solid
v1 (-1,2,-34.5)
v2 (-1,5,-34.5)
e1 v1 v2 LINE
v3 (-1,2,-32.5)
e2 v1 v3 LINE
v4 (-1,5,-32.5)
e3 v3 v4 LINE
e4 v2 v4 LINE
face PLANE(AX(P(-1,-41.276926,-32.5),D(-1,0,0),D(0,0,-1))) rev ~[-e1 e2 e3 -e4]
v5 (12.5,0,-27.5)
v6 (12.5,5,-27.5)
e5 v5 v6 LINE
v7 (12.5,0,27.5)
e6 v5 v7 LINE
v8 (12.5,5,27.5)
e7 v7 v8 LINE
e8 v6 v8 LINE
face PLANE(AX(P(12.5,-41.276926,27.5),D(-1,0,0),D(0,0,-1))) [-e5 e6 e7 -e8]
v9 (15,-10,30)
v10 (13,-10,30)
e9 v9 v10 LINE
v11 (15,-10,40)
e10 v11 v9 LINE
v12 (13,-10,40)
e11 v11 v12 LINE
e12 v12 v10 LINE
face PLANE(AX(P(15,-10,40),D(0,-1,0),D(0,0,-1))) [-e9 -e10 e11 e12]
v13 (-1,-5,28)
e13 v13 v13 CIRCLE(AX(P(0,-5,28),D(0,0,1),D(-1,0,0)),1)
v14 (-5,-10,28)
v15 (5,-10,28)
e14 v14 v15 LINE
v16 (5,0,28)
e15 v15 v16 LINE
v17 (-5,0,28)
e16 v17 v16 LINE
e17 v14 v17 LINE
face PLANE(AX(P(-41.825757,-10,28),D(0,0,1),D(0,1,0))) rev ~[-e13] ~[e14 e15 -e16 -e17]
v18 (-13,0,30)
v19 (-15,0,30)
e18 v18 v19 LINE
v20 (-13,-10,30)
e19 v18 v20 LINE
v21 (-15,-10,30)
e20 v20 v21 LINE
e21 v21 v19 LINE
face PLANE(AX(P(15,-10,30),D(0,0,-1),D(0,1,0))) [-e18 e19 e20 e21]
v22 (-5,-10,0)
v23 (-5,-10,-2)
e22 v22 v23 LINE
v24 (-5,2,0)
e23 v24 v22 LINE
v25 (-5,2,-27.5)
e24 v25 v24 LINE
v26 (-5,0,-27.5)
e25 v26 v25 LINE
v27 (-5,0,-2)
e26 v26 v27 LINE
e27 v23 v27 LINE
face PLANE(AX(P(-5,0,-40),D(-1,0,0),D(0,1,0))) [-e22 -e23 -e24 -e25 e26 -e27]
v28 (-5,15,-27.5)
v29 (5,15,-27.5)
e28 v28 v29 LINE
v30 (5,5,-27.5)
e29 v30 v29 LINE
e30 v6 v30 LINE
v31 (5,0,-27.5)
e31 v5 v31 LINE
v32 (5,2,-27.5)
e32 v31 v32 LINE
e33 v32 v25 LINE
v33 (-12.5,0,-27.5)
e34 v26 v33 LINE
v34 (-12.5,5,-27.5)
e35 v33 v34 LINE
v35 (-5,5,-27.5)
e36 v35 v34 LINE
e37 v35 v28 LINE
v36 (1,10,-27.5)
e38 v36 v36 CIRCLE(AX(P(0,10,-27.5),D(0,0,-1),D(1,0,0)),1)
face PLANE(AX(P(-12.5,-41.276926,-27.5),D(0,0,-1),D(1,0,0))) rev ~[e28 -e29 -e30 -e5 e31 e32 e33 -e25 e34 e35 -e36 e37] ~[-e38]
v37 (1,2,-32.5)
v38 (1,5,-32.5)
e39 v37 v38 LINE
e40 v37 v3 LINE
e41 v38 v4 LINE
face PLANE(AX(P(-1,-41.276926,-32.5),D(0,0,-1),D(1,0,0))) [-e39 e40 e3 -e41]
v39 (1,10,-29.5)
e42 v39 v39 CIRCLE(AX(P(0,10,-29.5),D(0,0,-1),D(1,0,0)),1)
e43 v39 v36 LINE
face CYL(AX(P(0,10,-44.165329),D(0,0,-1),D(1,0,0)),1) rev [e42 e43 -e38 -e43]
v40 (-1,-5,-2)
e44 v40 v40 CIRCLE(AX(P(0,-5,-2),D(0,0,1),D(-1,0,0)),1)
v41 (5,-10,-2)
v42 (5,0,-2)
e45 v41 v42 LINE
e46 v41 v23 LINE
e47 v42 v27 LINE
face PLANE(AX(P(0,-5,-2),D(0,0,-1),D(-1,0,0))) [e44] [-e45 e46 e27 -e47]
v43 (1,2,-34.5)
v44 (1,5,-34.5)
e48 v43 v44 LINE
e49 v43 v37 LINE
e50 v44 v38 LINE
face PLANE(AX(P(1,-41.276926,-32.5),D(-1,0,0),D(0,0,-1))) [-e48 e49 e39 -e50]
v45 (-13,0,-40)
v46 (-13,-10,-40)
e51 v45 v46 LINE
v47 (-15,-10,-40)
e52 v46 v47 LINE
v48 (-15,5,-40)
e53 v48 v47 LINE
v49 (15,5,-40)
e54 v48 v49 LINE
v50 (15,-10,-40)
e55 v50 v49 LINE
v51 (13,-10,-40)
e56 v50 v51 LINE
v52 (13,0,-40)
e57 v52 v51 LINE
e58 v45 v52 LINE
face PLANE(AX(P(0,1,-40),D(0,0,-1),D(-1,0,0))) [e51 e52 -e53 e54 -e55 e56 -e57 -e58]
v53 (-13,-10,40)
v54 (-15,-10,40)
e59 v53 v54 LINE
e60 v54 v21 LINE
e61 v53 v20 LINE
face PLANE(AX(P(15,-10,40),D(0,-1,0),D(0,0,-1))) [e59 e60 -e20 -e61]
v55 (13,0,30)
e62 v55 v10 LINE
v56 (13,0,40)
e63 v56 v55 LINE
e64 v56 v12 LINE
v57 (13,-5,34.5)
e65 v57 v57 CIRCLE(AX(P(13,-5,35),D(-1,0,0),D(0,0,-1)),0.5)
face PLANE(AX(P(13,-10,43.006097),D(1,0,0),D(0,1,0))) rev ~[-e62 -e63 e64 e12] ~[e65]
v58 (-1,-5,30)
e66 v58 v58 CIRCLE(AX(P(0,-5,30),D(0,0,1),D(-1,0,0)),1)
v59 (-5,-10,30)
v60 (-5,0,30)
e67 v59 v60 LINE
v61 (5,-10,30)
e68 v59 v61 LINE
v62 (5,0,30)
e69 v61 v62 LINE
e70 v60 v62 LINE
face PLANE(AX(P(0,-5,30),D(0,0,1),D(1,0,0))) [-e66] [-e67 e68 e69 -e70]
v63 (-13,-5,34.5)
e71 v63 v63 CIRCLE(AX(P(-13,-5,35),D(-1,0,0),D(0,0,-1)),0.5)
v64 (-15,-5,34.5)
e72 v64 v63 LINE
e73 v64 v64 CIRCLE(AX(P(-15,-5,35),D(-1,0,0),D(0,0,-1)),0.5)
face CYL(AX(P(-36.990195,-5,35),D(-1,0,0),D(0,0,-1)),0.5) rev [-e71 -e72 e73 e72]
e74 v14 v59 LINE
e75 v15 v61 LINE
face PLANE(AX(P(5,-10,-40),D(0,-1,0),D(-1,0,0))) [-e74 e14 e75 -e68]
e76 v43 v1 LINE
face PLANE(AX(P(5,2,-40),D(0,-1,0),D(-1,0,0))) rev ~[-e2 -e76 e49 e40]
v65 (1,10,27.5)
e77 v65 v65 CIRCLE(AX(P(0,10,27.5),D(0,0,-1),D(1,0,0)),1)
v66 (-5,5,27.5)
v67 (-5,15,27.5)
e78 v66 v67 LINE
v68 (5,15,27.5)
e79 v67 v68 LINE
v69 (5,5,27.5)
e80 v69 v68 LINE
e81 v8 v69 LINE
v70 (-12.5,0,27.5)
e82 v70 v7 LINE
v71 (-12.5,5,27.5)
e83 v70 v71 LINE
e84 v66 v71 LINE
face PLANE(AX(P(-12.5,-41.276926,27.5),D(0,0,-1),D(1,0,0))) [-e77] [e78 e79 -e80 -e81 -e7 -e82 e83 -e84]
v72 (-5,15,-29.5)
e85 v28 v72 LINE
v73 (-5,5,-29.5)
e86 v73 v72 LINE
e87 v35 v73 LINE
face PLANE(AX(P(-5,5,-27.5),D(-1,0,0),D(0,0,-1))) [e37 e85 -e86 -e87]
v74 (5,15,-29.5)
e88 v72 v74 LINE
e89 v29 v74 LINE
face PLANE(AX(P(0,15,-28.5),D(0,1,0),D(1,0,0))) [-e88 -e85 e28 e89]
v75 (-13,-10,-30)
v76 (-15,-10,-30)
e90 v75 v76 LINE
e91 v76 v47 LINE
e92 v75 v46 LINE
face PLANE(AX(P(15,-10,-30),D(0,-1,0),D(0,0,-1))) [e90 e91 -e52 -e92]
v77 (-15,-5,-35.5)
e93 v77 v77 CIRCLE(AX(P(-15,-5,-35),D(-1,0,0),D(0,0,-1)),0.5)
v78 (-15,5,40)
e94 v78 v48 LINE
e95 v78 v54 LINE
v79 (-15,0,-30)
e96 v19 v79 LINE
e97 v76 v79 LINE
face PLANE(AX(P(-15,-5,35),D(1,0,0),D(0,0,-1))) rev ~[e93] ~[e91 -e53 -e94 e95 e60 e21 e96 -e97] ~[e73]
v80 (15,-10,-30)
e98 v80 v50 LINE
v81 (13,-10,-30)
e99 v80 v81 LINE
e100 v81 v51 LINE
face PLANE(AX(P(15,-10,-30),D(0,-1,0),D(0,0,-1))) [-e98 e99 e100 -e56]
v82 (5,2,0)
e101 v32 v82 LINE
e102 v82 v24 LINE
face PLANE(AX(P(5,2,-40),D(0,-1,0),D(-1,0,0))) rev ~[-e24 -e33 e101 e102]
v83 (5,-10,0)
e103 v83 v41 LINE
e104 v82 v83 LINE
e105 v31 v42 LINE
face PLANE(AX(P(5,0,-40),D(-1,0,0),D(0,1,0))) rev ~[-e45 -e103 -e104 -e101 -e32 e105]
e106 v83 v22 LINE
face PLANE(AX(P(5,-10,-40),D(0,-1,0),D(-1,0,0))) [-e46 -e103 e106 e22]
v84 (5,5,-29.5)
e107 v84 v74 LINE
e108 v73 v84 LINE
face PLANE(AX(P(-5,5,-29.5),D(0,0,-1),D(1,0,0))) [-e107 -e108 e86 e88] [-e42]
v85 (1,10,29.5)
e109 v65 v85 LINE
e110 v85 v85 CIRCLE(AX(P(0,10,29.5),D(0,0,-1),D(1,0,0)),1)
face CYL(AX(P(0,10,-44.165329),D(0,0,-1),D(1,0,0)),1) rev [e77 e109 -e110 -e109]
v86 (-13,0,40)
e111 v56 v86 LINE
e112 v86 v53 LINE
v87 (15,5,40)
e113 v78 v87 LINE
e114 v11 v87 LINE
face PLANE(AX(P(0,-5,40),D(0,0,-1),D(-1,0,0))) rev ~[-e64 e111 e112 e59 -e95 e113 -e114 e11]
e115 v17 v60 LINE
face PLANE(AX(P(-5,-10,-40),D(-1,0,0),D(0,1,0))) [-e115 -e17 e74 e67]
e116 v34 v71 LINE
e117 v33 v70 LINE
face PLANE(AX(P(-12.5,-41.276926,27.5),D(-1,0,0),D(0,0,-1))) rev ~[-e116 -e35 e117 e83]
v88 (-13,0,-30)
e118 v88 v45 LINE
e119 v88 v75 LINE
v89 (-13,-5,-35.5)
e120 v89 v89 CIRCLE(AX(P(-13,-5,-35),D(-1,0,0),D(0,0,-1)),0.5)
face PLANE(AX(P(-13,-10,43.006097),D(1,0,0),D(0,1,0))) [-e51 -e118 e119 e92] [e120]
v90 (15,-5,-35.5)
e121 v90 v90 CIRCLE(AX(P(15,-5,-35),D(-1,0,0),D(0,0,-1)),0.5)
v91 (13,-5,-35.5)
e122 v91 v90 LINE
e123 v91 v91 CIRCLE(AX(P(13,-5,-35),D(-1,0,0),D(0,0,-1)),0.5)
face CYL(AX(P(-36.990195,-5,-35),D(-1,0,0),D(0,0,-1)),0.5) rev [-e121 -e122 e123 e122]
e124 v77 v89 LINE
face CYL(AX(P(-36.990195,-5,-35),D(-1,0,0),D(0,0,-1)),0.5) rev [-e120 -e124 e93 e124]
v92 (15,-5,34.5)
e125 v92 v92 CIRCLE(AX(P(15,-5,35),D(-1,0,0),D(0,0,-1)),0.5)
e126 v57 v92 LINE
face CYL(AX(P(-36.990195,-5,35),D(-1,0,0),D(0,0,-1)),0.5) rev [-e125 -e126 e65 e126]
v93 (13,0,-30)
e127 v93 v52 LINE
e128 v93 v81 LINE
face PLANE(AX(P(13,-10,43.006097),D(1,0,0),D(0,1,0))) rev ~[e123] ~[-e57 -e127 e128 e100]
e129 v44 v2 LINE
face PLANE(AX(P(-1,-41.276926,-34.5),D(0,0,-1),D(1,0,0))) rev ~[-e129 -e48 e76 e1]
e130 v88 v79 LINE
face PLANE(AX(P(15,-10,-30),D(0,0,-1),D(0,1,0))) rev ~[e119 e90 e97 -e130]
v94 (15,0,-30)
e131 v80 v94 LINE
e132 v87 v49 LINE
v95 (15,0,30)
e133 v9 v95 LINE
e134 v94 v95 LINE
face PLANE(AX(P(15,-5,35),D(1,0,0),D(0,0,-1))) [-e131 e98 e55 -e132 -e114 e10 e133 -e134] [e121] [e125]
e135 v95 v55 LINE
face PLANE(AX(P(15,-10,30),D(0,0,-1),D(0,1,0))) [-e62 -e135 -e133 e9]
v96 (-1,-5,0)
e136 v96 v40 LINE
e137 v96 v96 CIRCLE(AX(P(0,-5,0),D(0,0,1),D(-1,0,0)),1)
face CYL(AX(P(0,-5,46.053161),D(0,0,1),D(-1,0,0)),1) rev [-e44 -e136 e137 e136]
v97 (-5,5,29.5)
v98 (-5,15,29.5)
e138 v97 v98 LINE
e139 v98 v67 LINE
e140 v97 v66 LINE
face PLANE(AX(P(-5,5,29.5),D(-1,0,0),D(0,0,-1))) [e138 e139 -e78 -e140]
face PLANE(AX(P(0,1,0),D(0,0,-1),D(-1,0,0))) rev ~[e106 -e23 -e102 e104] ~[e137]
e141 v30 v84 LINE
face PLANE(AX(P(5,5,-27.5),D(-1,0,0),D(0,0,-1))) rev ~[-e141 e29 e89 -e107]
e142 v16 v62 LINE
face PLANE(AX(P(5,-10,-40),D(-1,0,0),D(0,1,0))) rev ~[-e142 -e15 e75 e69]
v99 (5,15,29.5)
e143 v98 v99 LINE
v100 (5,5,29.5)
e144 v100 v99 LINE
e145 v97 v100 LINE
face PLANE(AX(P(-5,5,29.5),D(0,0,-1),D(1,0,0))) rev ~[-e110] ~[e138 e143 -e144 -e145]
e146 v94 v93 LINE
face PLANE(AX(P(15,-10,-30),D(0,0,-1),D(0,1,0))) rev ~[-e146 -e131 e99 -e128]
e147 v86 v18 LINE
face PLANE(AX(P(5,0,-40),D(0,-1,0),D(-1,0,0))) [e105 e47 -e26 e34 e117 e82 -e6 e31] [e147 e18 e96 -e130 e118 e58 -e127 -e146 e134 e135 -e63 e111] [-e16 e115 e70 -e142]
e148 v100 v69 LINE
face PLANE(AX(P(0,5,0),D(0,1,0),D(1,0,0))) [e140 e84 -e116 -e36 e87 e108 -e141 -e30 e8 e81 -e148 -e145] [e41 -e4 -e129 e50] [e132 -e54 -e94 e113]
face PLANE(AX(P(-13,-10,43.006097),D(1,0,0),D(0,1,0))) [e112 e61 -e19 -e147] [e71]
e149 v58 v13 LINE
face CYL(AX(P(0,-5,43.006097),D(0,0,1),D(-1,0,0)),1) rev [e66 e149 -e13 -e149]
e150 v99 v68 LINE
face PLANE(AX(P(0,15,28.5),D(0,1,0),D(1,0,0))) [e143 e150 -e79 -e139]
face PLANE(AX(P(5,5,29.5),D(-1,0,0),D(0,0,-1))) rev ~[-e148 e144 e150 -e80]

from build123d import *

# Parameters (mm, degrees)
SKETCH1_W                = 30
SKETCH1_H                = 80
BOSS_EXTRUDE1_DEPTH      = 5
SKETCH2_W                = 10
SKETCH2_H                = 10
BOSS_EXTRUDE2_DEPTH      = 30
CUT_EXTRUDE1_DEPTH       = 51.990195136
CUT_EXTRUDE1_DEPTH_BACK  = 51.990195136
SKETCH3_R                = 0.5
CUT_EXTRUDE2_DEPTH       = 46.276925691
CUT_EXTRUDE2_DEPTH_BACK  = 46.276925691
SKETCH4_W                = 25
SKETCH4_H                = 55
CUT_EXTRUDE3_DEPTH       = 83.006097334
CUT_EXTRUDE3_DEPTH_BACK  = 83.006097334
SKETCH5_W                = 26
SKETCH5_H                = 10
SKETCH6_W                = 10
SKETCH6_H                = 10
BOSS_EXTRUDE3_DEPTH      = 80
CUT_EXTRUDE4_DEPTH       = 83.006097334
CUT_EXTRUDE4_DEPTH_BACK  = 83.006097334
SKETCH7_R                = 1
CUT_EXTRUDE5_DEPTH       = 46.82575695
CUT_EXTRUDE5_DEPTH_BACK  = 46.82575695
SKETCH8_W                = 56
SKETCH8_H                = 10
SKETCH9_W                = 10
SKETCH9_H                = 10
CUT_EXTRUDE6_DEPTH       = 10
SKETCH10_W               = 10
SKETCH10_H               = 10
CUT_EXTRUDE7_DEPTH       = 10
SKETCH12_W               = 10
SKETCH12_H               = 2
BOSS_EXTRUDE5_DEPTH      = 10
CUT_EXTRUDE8_DEPTH       = 73.665328734
CUT_EXTRUDE8_DEPTH_BACK  = 73.665328734
SKETCH13_R               = 1
CUT_EXTRUDE11_DEPTH      = 46.276925691
CUT_EXTRUDE11_DEPTH_BACK = 46.276925691
SKETCH15_W               = 2
SKETCH15_H               = 2
SKETCH16_W               = 10
SKETCH16_H               = 10
BOSS_EXTRUDE6_DEPTH      = 30
SKETCH17_W               = 10
SKETCH17_H               = 10
CUT_EXTRUDE12_DEPTH      = 28
CUT_EXTRUDE13_DEPTH      = 48.053161424
CUT_EXTRUDE13_DEPTH_BACK = 48.053161424
SKETCH18_R               = 1
SKETCH20_W               = 10
SKETCH20_H               = 2
BOSS_EXTRUDE7_DEPTH      = 40


with BuildPart() as part:
    # Sketch1 → Boss-Extrude1 (new body)
    with BuildSketch(Plane(origin=(0, 0, 0), x_dir=(1, 0, 0), z_dir=(0, 1, 0))):
        Rectangle(SKETCH1_W, SKETCH1_H)
    extrude(amount=BOSS_EXTRUDE1_DEPTH)

    # Sketch2 → Boss-Extrude2 (add)
    with BuildSketch(Plane(origin=(15, 0, 0), x_dir=(0, 0, -1), z_dir=(1, 0, 0))):
        with Locations((-35, -5)):
            Rectangle(SKETCH2_W, SKETCH2_H)
        with Locations((35, -5)):
            Rectangle(SKETCH2_W, SKETCH2_H)
    extrude(amount=-BOSS_EXTRUDE2_DEPTH)

    # Sketch3 → Cut-Extrude1 (cut, two sides: drawn at the far end of the back side and taken through both)
    with BuildSketch(Plane(origin=(15, 0, 0), x_dir=(0, 0, -1), z_dir=(1, 0, 0)).offset(-CUT_EXTRUDE1_DEPTH_BACK)):
        with Locations((-35, -5)):
            Circle(SKETCH3_R)
        with Locations((35, -5)):
            Circle(SKETCH3_R)
    extrude(amount=CUT_EXTRUDE1_DEPTH + CUT_EXTRUDE1_DEPTH_BACK, mode=Mode.SUBTRACT)

    # Sketch4 → Cut-Extrude2 (cut, two sides: drawn at the far end of the back side and taken through both)
    with BuildSketch(Plane(origin=(0, 5, 0), x_dir=(1, 0, 0), z_dir=(0, 1, 0)).offset(-CUT_EXTRUDE2_DEPTH_BACK)):
        Rectangle(SKETCH4_W, SKETCH4_H)
    extrude(amount=CUT_EXTRUDE2_DEPTH + CUT_EXTRUDE2_DEPTH_BACK, mode=Mode.SUBTRACT)

    # Sketch5 → Cut-Extrude3 (cut, two sides: drawn at the far end of the back side and taken through both)
    with BuildSketch(Plane(origin=(0, 0, -40), x_dir=(-1, 0, 0), z_dir=(0, 0, -1)).offset(-CUT_EXTRUDE3_DEPTH_BACK)):
        with Locations((0, -5)):
            Rectangle(SKETCH5_W, SKETCH5_H)
    extrude(amount=CUT_EXTRUDE3_DEPTH + CUT_EXTRUDE3_DEPTH_BACK, mode=Mode.SUBTRACT)

    # Sketch6 → Boss-Extrude3 (add)
    with BuildSketch(Plane(origin=(0, 0, -40), x_dir=(-1, 0, 0), z_dir=(0, 0, -1))):
        with Locations((0, -5)):
            Rectangle(SKETCH6_W, SKETCH6_H)
    extrude(amount=-BOSS_EXTRUDE3_DEPTH)

    # Sketch7 → Cut-Extrude4 (cut, two sides: drawn at the far end of the back side and taken through both)
    with BuildSketch(Plane(origin=(0, 0, -40), x_dir=(-1, 0, 0), z_dir=(0, 0, -1)).offset(-CUT_EXTRUDE4_DEPTH_BACK)):
        with Locations((0, -5)):
            Circle(SKETCH7_R)
    extrude(amount=CUT_EXTRUDE4_DEPTH + CUT_EXTRUDE4_DEPTH_BACK, mode=Mode.SUBTRACT)

    # Sketch8 → Cut-Extrude5 (cut, two sides: drawn at the far end of the back side and taken through both)
    with BuildSketch(Plane(origin=(5, 0, 0), x_dir=(0, 0, -1), z_dir=(1, 0, 0)).offset(-CUT_EXTRUDE5_DEPTH_BACK)):
        with Locations((0, -5)):
            Rectangle(SKETCH8_W, SKETCH8_H)
    extrude(amount=CUT_EXTRUDE5_DEPTH + CUT_EXTRUDE5_DEPTH_BACK, mode=Mode.SUBTRACT)

    # Sketch9 → Cut-Extrude6 (cut)
    with BuildSketch(Plane.XY.offset(40)):
        with Locations((0, -5)):
            Rectangle(SKETCH9_W, SKETCH9_H)
    extrude(amount=-CUT_EXTRUDE6_DEPTH, mode=Mode.SUBTRACT)

    # Sketch10 → Cut-Extrude7 (cut)
    with BuildSketch(Plane(origin=(0, 0, -40), x_dir=(-1, 0, 0), z_dir=(0, 0, -1))):
        with Locations((0, -5)):
            Rectangle(SKETCH10_W, SKETCH10_H)
    extrude(amount=-CUT_EXTRUDE7_DEPTH, mode=Mode.SUBTRACT)

    # Sketch12 → Boss-Extrude5 (add)
    with BuildSketch(Plane(origin=(0, 5, 0), x_dir=(1, 0, 0), z_dir=(0, 1, 0))):
        with Locations((0, -28.5)):
            Rectangle(SKETCH12_W, SKETCH12_H)
        with Locations((0, 28.5)):
            Rectangle(SKETCH12_W, SKETCH12_H)
    extrude(amount=BOSS_EXTRUDE5_DEPTH)

    # Sketch13 → Cut-Extrude8 (cut, two sides: drawn at the far end of the back side and taken through both)
    with BuildSketch(Plane.XY.offset(29.5).offset(-CUT_EXTRUDE8_DEPTH_BACK)):
        with Locations((0, 10)):
            Circle(SKETCH13_R)
    extrude(amount=CUT_EXTRUDE8_DEPTH + CUT_EXTRUDE8_DEPTH_BACK, mode=Mode.SUBTRACT)

    # Sketch15 → Cut-Extrude11 (cut, two sides: drawn at the far end of the back side and taken through both)
    with BuildSketch(Plane(origin=(0, 5, 0), x_dir=(1, 0, 0), z_dir=(0, 1, 0)).offset(-CUT_EXTRUDE11_DEPTH_BACK)):
        with Locations((0, 33.5)):
            Rectangle(SKETCH15_W, SKETCH15_H)
    extrude(amount=CUT_EXTRUDE11_DEPTH + CUT_EXTRUDE11_DEPTH_BACK, mode=Mode.SUBTRACT)

    # Sketch16 → Boss-Extrude6 (add)
    with BuildSketch(Plane(origin=(0, 0, -30), x_dir=(-1, 0, 0), z_dir=(0, 0, -1))):
        with Locations((0, -5)):
            Rectangle(SKETCH16_W, SKETCH16_H)
    extrude(amount=-BOSS_EXTRUDE6_DEPTH)

    # Sketch17 → Cut-Extrude12 (cut)
    with BuildSketch(Plane(origin=(0, 0, -30), x_dir=(-1, 0, 0), z_dir=(0, 0, -1))):
        with Locations((0, -5)):
            Rectangle(SKETCH17_W, SKETCH17_H)
    extrude(amount=-CUT_EXTRUDE12_DEPTH, mode=Mode.SUBTRACT)


with BuildPart() as cut_extrude12_piece_1:
    # of the separate pieces the step leaves, piece 1, a body of its own (cut_extrude12_pieces)
    add(part.part.solids().sort_by_distance((-13, -10, -40))[0])



with BuildPart() as cut_extrude12_piece_2:
    # of the separate pieces the step leaves, piece 2, a body of its own (cut_extrude12_pieces)
    add(part.part.solids().sort_by_distance((-5, 0, -2))[0])

    # Sketch18 → Cut-Extrude13 (cut, two sides: drawn at the far end of the back side and taken through both)
    with BuildSketch(Plane(origin=(0, 0, -2), x_dir=(-1, 0, 0), z_dir=(0, 0, -1)).offset(-CUT_EXTRUDE13_DEPTH_BACK)):
        with Locations((0, -5)):
            Circle(SKETCH18_R)
    extrude(amount=CUT_EXTRUDE13_DEPTH + CUT_EXTRUDE13_DEPTH_BACK, mode=Mode.SUBTRACT)


with BuildPart() as cut_extrude12_piece_1_1:
    add(cut_extrude12_piece_1.part)

    add(cut_extrude12_piece_2.part)  # Boss-Extrude7 merges Cut-Extrude12 piece 2
    # Sketch20 → Boss-Extrude7 (add)
    with BuildSketch(Plane(origin=(0, 0, -40), x_dir=(-1, 0, 0), z_dir=(0, 0, -1))):
        with Locations((0, 1)):
            Rectangle(SKETCH20_W, SKETCH20_H)
    extrude(amount=-BOSS_EXTRUDE7_DEPTH)


solid = cut_extrude12_piece_1_1.part
